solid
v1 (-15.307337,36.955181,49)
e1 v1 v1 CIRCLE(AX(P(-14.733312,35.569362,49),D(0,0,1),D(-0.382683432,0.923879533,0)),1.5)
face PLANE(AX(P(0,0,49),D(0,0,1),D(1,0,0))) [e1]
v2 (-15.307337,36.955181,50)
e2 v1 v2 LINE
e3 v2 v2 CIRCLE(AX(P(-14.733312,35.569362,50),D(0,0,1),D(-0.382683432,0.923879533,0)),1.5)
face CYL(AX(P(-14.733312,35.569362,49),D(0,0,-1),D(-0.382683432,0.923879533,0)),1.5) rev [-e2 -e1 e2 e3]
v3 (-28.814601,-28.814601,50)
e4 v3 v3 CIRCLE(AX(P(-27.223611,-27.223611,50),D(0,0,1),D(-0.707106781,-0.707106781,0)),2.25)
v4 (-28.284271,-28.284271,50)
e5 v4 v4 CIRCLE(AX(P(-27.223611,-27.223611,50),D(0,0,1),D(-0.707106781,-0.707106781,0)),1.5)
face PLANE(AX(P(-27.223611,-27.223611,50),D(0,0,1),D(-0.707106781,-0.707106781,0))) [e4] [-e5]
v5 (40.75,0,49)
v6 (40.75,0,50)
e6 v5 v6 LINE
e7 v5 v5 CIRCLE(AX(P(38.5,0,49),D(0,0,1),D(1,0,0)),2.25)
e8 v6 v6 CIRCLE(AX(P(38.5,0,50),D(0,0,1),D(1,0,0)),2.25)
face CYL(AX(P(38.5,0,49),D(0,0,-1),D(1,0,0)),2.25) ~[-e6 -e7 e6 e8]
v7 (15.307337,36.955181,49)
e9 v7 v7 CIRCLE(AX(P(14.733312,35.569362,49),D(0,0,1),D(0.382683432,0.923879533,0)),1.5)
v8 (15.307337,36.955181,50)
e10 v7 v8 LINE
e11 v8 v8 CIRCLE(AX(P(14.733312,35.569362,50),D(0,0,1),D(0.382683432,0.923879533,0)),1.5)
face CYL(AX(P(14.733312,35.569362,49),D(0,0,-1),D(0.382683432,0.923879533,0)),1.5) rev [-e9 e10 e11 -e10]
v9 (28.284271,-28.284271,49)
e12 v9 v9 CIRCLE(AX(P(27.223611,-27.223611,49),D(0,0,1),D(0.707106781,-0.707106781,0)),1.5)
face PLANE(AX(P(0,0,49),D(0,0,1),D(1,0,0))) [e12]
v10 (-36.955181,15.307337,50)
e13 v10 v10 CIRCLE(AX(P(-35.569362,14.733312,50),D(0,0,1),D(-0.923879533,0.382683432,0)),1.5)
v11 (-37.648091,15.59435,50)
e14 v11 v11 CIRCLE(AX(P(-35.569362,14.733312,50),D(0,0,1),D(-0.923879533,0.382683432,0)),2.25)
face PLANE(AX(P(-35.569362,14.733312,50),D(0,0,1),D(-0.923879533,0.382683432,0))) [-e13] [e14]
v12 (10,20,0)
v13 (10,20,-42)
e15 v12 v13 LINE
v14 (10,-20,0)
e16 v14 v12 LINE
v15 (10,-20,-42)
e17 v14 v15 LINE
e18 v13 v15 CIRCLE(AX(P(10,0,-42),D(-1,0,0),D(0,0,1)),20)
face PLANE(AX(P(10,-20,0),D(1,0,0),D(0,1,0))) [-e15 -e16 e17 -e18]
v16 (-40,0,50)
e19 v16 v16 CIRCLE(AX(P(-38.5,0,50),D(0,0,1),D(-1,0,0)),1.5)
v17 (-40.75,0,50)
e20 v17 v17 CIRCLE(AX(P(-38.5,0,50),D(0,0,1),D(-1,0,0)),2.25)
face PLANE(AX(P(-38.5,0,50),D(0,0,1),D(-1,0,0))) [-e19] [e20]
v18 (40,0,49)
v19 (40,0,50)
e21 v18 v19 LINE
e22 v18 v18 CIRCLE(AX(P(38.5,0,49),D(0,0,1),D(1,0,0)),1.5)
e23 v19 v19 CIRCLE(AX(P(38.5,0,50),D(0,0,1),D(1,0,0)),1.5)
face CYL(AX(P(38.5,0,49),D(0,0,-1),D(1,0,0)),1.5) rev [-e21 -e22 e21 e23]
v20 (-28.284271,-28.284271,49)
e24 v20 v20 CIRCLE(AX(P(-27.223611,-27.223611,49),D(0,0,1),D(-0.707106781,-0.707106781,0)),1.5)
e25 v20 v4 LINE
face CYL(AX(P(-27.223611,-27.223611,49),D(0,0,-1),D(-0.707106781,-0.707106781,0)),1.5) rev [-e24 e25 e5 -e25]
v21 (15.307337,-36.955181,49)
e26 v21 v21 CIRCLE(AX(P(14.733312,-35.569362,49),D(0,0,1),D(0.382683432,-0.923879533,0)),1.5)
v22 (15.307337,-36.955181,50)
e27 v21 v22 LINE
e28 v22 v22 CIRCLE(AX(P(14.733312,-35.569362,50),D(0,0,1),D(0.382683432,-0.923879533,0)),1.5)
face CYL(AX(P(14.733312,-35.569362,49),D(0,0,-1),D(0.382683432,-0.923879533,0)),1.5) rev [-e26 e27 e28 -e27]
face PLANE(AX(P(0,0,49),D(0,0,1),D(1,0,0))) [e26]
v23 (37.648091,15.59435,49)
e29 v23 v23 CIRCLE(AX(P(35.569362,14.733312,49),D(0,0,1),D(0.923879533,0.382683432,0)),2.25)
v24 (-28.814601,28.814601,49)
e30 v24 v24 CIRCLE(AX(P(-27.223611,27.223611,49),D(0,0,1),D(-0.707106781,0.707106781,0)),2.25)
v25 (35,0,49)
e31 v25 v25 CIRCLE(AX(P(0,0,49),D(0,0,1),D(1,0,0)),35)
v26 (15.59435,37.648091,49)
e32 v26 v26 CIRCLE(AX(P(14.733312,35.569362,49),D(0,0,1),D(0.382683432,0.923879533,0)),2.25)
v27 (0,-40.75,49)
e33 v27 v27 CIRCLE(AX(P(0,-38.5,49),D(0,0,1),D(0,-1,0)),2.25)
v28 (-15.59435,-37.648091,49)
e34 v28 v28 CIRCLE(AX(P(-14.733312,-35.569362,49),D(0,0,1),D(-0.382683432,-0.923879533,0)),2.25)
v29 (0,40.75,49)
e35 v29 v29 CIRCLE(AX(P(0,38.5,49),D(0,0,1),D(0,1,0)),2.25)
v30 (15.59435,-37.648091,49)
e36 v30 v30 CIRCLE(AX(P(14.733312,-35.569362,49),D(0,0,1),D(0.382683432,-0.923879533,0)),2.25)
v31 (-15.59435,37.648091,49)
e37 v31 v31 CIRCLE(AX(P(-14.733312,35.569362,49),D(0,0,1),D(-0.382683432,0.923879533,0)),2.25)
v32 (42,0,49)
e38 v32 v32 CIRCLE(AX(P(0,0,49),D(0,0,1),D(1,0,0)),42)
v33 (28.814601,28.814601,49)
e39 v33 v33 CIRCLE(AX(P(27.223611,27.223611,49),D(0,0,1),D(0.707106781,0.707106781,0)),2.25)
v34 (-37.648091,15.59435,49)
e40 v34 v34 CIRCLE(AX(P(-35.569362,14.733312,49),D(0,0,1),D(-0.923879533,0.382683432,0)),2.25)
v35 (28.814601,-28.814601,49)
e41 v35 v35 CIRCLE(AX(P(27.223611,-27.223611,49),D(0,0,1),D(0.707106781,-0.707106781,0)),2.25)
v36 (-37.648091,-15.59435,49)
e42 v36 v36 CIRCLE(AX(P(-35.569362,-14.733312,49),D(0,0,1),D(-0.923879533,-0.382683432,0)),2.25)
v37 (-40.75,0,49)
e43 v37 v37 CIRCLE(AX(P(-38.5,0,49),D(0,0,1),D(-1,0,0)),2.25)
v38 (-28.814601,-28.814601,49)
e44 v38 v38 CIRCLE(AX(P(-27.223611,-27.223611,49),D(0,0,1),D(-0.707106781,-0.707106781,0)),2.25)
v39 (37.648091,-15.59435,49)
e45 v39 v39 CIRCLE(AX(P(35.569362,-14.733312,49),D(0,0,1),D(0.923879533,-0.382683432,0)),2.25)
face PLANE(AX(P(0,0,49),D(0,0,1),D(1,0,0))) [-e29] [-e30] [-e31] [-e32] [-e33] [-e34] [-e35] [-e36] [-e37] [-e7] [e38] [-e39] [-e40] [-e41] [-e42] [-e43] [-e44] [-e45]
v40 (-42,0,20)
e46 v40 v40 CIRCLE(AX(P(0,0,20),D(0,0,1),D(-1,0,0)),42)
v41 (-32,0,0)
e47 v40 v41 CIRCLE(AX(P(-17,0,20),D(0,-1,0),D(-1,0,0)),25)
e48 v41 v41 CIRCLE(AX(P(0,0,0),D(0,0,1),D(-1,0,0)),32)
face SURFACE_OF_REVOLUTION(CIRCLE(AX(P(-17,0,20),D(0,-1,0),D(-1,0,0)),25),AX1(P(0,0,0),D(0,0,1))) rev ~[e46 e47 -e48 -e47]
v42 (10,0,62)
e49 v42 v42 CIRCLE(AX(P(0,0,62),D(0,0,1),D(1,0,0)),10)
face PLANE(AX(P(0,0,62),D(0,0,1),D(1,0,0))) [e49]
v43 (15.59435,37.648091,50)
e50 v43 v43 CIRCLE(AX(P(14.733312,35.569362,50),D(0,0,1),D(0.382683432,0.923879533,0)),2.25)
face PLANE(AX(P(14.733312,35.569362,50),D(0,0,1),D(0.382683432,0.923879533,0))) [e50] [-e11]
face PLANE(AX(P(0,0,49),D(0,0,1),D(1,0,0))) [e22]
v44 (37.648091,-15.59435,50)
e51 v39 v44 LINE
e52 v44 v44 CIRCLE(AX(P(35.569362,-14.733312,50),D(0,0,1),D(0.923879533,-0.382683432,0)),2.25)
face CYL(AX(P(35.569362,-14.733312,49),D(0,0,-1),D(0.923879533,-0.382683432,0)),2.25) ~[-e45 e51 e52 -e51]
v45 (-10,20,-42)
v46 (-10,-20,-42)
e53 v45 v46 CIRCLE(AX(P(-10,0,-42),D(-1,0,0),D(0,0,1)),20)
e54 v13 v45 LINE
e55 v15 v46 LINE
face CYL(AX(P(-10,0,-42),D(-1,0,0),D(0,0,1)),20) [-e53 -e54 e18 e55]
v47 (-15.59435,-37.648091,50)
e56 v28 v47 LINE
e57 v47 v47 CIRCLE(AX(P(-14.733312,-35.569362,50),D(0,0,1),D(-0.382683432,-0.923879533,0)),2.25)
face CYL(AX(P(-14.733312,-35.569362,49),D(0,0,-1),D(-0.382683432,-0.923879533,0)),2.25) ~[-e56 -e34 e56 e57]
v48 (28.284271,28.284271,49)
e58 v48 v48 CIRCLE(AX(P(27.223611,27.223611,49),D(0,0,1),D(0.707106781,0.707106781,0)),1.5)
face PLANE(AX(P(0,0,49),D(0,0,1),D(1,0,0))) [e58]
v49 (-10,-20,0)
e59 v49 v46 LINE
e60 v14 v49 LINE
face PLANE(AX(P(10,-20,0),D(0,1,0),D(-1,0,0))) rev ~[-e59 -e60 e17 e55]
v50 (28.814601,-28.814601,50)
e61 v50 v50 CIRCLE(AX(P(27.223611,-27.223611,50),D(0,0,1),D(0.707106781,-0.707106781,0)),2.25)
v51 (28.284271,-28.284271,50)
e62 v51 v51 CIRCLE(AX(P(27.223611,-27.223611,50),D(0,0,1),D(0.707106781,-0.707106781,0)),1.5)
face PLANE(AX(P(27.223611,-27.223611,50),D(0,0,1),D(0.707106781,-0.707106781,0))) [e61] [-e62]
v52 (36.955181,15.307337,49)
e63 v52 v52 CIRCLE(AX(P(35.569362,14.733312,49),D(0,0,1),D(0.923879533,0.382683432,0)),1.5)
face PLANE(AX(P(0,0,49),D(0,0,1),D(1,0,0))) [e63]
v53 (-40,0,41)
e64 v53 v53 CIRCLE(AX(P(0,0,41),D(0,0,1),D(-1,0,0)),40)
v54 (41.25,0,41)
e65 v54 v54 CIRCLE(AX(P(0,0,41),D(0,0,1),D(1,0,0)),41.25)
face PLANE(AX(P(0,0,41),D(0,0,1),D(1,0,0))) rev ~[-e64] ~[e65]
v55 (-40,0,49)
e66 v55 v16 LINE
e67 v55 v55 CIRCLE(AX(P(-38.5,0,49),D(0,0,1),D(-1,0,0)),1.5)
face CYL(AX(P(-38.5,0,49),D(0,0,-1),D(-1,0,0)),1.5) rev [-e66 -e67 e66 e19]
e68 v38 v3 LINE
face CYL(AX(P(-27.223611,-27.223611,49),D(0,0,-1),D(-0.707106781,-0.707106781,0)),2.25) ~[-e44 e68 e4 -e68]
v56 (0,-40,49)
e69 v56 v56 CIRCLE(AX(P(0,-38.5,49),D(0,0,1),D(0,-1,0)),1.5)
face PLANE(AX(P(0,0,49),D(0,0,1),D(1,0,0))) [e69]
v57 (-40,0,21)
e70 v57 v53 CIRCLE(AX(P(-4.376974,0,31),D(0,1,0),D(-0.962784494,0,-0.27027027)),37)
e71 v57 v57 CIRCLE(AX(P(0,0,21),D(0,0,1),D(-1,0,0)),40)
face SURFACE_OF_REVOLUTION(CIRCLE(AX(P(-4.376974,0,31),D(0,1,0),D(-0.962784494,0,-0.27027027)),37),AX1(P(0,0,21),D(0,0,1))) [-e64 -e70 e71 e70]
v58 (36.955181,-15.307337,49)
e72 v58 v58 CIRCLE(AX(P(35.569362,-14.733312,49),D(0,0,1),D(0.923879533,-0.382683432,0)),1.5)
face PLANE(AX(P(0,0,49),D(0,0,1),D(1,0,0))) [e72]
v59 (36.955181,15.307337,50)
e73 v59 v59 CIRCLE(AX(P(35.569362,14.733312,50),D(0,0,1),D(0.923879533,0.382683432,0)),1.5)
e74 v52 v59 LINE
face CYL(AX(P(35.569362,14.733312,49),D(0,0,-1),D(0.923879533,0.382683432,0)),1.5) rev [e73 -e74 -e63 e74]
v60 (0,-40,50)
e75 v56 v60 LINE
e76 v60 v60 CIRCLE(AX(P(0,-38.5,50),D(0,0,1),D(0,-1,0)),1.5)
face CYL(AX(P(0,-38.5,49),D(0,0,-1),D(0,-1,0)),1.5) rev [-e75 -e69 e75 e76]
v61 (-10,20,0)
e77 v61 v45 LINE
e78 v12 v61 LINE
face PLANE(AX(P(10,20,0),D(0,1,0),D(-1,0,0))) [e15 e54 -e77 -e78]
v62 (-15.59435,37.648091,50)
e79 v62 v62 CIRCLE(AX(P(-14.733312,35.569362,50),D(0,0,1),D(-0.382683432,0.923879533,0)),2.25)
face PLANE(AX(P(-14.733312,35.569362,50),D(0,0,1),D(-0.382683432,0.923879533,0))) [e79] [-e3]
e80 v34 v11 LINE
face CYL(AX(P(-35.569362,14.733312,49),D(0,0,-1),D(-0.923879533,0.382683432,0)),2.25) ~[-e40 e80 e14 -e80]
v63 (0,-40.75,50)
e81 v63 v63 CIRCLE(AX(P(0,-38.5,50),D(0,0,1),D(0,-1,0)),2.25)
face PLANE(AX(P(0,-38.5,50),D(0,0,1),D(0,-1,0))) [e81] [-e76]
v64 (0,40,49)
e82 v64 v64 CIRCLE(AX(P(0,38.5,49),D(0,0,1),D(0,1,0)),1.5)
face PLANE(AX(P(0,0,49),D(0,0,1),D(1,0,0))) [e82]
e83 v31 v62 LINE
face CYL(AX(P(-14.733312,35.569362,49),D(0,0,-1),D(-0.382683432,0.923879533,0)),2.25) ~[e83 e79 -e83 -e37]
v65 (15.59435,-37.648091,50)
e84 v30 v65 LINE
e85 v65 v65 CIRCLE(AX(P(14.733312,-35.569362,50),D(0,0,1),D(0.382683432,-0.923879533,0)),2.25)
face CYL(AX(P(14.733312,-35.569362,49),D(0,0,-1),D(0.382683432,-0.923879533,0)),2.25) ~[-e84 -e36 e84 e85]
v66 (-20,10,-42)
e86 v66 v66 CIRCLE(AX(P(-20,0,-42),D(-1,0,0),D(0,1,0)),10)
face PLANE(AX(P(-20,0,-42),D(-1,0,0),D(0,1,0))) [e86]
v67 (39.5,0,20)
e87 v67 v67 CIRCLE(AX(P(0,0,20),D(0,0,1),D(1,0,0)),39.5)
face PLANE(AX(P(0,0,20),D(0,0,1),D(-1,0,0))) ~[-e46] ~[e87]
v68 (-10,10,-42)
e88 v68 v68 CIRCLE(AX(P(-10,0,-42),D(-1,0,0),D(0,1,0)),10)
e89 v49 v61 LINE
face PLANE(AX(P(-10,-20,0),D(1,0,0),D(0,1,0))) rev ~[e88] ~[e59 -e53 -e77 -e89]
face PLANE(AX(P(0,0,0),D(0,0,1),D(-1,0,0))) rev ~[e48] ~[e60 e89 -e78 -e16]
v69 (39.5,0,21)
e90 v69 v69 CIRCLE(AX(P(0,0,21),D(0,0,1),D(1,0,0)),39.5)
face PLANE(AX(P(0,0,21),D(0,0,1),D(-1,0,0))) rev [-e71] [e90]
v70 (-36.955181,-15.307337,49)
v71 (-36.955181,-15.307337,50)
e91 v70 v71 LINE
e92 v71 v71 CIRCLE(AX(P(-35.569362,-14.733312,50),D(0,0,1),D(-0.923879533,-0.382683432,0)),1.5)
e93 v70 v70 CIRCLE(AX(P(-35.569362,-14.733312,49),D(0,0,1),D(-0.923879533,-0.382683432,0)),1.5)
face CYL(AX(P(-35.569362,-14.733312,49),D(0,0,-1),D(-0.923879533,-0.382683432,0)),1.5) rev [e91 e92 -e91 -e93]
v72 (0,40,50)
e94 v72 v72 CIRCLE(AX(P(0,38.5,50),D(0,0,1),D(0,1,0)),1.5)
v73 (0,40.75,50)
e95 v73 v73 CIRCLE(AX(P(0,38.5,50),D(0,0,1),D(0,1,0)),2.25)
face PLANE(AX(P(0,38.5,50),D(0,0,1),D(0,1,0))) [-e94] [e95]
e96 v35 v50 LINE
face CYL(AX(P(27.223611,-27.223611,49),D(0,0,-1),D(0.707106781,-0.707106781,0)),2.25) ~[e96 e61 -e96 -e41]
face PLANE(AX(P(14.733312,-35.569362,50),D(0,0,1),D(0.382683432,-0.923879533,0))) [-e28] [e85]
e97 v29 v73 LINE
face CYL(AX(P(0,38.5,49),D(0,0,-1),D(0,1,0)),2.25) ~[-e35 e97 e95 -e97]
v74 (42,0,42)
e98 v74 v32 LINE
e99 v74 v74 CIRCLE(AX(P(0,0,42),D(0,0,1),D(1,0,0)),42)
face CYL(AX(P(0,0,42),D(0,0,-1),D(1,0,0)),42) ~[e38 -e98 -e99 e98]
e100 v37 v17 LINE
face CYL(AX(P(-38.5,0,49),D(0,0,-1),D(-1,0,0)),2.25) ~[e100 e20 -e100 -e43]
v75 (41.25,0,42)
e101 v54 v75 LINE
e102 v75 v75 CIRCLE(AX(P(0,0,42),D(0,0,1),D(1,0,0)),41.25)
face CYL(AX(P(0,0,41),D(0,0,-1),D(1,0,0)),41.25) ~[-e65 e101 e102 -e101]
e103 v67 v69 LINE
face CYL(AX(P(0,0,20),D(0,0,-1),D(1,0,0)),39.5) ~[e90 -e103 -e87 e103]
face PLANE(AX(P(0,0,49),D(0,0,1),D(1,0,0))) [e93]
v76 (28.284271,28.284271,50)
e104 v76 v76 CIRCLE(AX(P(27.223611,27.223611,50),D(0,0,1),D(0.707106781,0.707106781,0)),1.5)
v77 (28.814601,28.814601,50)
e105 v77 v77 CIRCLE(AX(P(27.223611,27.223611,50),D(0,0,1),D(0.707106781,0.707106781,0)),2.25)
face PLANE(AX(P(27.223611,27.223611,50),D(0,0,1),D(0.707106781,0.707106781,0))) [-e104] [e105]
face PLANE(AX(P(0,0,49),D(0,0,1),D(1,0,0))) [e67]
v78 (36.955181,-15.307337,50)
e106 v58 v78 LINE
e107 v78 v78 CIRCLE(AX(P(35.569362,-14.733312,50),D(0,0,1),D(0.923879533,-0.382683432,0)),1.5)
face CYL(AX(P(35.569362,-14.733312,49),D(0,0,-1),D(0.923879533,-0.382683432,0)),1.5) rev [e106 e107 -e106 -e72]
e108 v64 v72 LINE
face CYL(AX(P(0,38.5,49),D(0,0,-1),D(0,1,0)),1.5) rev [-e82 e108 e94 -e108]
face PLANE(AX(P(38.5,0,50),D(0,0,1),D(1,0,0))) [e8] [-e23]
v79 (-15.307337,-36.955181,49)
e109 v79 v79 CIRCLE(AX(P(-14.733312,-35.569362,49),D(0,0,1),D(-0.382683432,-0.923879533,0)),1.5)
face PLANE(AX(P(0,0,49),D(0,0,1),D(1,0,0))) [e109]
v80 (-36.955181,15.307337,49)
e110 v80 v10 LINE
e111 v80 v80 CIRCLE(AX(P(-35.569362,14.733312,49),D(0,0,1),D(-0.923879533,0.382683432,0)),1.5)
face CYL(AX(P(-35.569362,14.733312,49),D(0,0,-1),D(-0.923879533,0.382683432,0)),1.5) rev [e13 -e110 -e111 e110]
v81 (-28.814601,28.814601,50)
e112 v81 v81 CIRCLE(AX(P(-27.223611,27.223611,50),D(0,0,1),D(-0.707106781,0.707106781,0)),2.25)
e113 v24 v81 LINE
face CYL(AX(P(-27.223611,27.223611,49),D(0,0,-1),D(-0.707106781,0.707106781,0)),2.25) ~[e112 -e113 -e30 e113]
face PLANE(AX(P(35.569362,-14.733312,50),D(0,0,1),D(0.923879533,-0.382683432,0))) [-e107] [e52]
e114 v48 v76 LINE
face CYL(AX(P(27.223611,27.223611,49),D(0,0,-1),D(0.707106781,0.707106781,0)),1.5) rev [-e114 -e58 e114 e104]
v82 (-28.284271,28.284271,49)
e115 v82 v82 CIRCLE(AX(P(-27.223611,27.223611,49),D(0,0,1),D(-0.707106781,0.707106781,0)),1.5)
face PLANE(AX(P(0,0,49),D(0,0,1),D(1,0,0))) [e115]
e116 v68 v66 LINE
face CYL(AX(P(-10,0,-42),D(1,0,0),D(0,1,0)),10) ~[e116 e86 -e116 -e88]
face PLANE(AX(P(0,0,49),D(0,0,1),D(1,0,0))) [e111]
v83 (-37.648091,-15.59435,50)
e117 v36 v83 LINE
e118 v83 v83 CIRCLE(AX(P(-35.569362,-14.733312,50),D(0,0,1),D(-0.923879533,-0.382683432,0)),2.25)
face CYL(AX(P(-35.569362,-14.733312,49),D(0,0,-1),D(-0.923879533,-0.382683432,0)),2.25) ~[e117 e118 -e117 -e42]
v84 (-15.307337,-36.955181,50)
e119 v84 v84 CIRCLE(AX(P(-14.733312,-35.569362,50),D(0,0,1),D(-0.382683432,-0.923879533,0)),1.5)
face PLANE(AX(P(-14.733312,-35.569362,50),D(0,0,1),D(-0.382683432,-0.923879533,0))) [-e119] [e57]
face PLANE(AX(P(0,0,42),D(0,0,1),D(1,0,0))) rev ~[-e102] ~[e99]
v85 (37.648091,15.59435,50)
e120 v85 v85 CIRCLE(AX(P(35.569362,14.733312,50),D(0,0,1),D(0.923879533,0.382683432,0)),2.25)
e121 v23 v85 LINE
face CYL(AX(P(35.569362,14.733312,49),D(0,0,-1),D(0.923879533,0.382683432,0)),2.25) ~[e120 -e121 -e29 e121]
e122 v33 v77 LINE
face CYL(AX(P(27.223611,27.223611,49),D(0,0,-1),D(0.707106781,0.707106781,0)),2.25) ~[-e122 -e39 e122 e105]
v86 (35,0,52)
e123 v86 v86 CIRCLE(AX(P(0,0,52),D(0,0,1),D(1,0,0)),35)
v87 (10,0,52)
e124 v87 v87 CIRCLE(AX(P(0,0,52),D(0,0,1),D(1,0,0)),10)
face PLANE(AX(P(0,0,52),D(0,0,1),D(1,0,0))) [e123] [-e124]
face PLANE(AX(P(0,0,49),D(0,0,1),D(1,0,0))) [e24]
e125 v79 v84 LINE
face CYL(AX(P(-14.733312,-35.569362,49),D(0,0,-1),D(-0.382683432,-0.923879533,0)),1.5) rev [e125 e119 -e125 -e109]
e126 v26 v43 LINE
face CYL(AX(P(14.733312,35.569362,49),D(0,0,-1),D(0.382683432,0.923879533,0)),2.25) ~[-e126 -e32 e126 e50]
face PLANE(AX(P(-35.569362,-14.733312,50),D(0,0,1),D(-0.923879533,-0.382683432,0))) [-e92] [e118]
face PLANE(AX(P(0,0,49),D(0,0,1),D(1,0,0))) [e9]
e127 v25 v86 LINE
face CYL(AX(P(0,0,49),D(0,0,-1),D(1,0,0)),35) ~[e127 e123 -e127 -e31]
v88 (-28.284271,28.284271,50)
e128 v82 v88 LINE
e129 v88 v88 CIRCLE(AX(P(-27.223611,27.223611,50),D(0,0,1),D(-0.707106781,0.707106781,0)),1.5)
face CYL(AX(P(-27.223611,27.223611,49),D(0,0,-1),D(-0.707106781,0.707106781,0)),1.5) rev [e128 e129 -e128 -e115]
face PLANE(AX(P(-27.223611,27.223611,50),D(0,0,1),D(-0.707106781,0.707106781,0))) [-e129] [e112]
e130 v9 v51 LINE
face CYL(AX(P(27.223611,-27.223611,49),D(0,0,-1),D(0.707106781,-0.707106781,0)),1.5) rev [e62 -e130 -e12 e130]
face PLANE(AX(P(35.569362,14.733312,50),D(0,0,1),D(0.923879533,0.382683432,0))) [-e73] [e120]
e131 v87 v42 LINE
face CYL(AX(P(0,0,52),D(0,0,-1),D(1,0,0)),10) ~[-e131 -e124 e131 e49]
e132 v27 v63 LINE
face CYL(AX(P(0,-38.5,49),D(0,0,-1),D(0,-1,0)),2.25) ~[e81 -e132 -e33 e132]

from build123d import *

# Parameters (mm, degrees)
SKETCH2_R           = 39.5
BOSS_EXTRUDE1_DEPTH = 1
SKETCH4_R           = 41.25
BOSS_EXTRUDE2_DEPTH = 1
SKETCH5_R           = 42
BOSS_EXTRUDE3_DEPTH = 7
SKETCH6_R           = 35
BOSS_EXTRUDE4_DEPTH = 3
SKETCH7_R           = 2.25
SKETCH7_R_2         = 1.5
BOSS_EXTRUDE5_DEPTH = 1
CIRPATTERN1_COUNT   = 16
SKETCH8_W           = 20
SKETCH8_H           = 40
BOSS_EXTRUDE6_DEPTH = 42
SKETCH9_R           = 20
BOSS_EXTRUDE7_DEPTH = 20
SKETCH10_R          = 10
BOSS_EXTRUDE8_DEPTH = 10
SKETCH11_R          = 10
BOSS_EXTRUDE9_DEPTH = 10


with BuildPart() as part:
    # Sketch1 → Revolve1 (revolve)
    with BuildSketch(Plane(origin=(0, 0, 0), x_dir=(1, 0, 0), z_dir=(0, 1, 0))):
        with BuildLine():
            Line((0, 0), (0, -20))
            Line((0, -20), (-42, -20))
            ThreePointArc((-42, -20), (-39.360679775, -8.819660113), (-32, 0))
            Line((-32, 0), (0, 0))
        make_face()
    revolve(axis=Axis((0, 0, 0), (0, 0, 1)))

    # Sketch2 → Boss-Extrude1 (add)
    with BuildSketch(Plane.XY.offset(20)):
        Circle(SKETCH2_R)
    extrude(amount=BOSS_EXTRUDE1_DEPTH)

    # Sketch3 → Revolve2 (revolve)
    with BuildSketch(Plane(origin=(0, 0, 0), x_dir=(1, 0, 0), z_dir=(0, 1, 0))):
        with BuildLine():
            Line((0, -21), (-40, -21))
            ThreePointArc((-40, -21), (-41.376973739, -31), (-40, -41))
            Line((-40, -41), (0, -41))
            Line((0, -41), (0, -21))
        make_face()
    revolve(axis=Axis((0, 0, 21), (0, 0, 1)))

    # Sketch4 → Boss-Extrude2 (add)
    with BuildSketch(Plane.XY.offset(41)):
        Circle(SKETCH4_R)
    extrude(amount=BOSS_EXTRUDE2_DEPTH)

    # Sketch5 → Boss-Extrude3 (add)
    with BuildSketch(Plane.XY.offset(42)):
        Circle(SKETCH5_R)
    extrude(amount=BOSS_EXTRUDE3_DEPTH)

    # Sketch6 → Boss-Extrude4 (add)
    with BuildSketch(Plane.XY.offset(49)):
        Circle(SKETCH6_R)
    extrude(amount=BOSS_EXTRUDE4_DEPTH)

    # Sketch7 → Boss-Extrude5 (add)
    with BuildSketch(Plane.XY.offset(49)):
        with Locations((38.5, 0)):
            Circle(SKETCH7_R)
        with Locations((38.5, 0)):
            Circle(SKETCH7_R_2, mode=Mode.SUBTRACT)
    boss_extrude5 = extrude(amount=BOSS_EXTRUDE5_DEPTH)

    # CirPattern1: Boss-Extrude5 ×16 about axis
    cirpattern1_axis = Axis((0, 0, 0), (0, 0, 1))
    for i in range(1, CIRPATTERN1_COUNT):
        add(boss_extrude5.rotate(cirpattern1_axis, i * 360 / CIRPATTERN1_COUNT))

    # Sketch8 → Boss-Extrude6 (add)
    with BuildSketch(Plane(origin=(0, 0, 0), x_dir=(-1, 0, 0), z_dir=(0, 0, -1))):
        Rectangle(SKETCH8_W, SKETCH8_H)
    extrude(amount=BOSS_EXTRUDE6_DEPTH)

    # Sketch9 → Boss-Extrude7 (add)
    with BuildSketch(Plane.ZY.offset(10)):
        with Locations((-42, 0)):
            Circle(SKETCH9_R)
    extrude(amount=-BOSS_EXTRUDE7_DEPTH)

    # Sketch10 → Boss-Extrude8 (add)
    with BuildSketch(Plane.ZY.offset(10)):
        with Locations(Location((-42, 0, 0), (0, 0, 90))):
            Circle(SKETCH10_R)
    extrude(amount=BOSS_EXTRUDE8_DEPTH)

    # Sketch11 → Boss-Extrude9 (add)
    with BuildSketch(Plane.XY.offset(52)):
        Circle(SKETCH11_R)
    extrude(amount=BOSS_EXTRUDE9_DEPTH)


solid = part.part
